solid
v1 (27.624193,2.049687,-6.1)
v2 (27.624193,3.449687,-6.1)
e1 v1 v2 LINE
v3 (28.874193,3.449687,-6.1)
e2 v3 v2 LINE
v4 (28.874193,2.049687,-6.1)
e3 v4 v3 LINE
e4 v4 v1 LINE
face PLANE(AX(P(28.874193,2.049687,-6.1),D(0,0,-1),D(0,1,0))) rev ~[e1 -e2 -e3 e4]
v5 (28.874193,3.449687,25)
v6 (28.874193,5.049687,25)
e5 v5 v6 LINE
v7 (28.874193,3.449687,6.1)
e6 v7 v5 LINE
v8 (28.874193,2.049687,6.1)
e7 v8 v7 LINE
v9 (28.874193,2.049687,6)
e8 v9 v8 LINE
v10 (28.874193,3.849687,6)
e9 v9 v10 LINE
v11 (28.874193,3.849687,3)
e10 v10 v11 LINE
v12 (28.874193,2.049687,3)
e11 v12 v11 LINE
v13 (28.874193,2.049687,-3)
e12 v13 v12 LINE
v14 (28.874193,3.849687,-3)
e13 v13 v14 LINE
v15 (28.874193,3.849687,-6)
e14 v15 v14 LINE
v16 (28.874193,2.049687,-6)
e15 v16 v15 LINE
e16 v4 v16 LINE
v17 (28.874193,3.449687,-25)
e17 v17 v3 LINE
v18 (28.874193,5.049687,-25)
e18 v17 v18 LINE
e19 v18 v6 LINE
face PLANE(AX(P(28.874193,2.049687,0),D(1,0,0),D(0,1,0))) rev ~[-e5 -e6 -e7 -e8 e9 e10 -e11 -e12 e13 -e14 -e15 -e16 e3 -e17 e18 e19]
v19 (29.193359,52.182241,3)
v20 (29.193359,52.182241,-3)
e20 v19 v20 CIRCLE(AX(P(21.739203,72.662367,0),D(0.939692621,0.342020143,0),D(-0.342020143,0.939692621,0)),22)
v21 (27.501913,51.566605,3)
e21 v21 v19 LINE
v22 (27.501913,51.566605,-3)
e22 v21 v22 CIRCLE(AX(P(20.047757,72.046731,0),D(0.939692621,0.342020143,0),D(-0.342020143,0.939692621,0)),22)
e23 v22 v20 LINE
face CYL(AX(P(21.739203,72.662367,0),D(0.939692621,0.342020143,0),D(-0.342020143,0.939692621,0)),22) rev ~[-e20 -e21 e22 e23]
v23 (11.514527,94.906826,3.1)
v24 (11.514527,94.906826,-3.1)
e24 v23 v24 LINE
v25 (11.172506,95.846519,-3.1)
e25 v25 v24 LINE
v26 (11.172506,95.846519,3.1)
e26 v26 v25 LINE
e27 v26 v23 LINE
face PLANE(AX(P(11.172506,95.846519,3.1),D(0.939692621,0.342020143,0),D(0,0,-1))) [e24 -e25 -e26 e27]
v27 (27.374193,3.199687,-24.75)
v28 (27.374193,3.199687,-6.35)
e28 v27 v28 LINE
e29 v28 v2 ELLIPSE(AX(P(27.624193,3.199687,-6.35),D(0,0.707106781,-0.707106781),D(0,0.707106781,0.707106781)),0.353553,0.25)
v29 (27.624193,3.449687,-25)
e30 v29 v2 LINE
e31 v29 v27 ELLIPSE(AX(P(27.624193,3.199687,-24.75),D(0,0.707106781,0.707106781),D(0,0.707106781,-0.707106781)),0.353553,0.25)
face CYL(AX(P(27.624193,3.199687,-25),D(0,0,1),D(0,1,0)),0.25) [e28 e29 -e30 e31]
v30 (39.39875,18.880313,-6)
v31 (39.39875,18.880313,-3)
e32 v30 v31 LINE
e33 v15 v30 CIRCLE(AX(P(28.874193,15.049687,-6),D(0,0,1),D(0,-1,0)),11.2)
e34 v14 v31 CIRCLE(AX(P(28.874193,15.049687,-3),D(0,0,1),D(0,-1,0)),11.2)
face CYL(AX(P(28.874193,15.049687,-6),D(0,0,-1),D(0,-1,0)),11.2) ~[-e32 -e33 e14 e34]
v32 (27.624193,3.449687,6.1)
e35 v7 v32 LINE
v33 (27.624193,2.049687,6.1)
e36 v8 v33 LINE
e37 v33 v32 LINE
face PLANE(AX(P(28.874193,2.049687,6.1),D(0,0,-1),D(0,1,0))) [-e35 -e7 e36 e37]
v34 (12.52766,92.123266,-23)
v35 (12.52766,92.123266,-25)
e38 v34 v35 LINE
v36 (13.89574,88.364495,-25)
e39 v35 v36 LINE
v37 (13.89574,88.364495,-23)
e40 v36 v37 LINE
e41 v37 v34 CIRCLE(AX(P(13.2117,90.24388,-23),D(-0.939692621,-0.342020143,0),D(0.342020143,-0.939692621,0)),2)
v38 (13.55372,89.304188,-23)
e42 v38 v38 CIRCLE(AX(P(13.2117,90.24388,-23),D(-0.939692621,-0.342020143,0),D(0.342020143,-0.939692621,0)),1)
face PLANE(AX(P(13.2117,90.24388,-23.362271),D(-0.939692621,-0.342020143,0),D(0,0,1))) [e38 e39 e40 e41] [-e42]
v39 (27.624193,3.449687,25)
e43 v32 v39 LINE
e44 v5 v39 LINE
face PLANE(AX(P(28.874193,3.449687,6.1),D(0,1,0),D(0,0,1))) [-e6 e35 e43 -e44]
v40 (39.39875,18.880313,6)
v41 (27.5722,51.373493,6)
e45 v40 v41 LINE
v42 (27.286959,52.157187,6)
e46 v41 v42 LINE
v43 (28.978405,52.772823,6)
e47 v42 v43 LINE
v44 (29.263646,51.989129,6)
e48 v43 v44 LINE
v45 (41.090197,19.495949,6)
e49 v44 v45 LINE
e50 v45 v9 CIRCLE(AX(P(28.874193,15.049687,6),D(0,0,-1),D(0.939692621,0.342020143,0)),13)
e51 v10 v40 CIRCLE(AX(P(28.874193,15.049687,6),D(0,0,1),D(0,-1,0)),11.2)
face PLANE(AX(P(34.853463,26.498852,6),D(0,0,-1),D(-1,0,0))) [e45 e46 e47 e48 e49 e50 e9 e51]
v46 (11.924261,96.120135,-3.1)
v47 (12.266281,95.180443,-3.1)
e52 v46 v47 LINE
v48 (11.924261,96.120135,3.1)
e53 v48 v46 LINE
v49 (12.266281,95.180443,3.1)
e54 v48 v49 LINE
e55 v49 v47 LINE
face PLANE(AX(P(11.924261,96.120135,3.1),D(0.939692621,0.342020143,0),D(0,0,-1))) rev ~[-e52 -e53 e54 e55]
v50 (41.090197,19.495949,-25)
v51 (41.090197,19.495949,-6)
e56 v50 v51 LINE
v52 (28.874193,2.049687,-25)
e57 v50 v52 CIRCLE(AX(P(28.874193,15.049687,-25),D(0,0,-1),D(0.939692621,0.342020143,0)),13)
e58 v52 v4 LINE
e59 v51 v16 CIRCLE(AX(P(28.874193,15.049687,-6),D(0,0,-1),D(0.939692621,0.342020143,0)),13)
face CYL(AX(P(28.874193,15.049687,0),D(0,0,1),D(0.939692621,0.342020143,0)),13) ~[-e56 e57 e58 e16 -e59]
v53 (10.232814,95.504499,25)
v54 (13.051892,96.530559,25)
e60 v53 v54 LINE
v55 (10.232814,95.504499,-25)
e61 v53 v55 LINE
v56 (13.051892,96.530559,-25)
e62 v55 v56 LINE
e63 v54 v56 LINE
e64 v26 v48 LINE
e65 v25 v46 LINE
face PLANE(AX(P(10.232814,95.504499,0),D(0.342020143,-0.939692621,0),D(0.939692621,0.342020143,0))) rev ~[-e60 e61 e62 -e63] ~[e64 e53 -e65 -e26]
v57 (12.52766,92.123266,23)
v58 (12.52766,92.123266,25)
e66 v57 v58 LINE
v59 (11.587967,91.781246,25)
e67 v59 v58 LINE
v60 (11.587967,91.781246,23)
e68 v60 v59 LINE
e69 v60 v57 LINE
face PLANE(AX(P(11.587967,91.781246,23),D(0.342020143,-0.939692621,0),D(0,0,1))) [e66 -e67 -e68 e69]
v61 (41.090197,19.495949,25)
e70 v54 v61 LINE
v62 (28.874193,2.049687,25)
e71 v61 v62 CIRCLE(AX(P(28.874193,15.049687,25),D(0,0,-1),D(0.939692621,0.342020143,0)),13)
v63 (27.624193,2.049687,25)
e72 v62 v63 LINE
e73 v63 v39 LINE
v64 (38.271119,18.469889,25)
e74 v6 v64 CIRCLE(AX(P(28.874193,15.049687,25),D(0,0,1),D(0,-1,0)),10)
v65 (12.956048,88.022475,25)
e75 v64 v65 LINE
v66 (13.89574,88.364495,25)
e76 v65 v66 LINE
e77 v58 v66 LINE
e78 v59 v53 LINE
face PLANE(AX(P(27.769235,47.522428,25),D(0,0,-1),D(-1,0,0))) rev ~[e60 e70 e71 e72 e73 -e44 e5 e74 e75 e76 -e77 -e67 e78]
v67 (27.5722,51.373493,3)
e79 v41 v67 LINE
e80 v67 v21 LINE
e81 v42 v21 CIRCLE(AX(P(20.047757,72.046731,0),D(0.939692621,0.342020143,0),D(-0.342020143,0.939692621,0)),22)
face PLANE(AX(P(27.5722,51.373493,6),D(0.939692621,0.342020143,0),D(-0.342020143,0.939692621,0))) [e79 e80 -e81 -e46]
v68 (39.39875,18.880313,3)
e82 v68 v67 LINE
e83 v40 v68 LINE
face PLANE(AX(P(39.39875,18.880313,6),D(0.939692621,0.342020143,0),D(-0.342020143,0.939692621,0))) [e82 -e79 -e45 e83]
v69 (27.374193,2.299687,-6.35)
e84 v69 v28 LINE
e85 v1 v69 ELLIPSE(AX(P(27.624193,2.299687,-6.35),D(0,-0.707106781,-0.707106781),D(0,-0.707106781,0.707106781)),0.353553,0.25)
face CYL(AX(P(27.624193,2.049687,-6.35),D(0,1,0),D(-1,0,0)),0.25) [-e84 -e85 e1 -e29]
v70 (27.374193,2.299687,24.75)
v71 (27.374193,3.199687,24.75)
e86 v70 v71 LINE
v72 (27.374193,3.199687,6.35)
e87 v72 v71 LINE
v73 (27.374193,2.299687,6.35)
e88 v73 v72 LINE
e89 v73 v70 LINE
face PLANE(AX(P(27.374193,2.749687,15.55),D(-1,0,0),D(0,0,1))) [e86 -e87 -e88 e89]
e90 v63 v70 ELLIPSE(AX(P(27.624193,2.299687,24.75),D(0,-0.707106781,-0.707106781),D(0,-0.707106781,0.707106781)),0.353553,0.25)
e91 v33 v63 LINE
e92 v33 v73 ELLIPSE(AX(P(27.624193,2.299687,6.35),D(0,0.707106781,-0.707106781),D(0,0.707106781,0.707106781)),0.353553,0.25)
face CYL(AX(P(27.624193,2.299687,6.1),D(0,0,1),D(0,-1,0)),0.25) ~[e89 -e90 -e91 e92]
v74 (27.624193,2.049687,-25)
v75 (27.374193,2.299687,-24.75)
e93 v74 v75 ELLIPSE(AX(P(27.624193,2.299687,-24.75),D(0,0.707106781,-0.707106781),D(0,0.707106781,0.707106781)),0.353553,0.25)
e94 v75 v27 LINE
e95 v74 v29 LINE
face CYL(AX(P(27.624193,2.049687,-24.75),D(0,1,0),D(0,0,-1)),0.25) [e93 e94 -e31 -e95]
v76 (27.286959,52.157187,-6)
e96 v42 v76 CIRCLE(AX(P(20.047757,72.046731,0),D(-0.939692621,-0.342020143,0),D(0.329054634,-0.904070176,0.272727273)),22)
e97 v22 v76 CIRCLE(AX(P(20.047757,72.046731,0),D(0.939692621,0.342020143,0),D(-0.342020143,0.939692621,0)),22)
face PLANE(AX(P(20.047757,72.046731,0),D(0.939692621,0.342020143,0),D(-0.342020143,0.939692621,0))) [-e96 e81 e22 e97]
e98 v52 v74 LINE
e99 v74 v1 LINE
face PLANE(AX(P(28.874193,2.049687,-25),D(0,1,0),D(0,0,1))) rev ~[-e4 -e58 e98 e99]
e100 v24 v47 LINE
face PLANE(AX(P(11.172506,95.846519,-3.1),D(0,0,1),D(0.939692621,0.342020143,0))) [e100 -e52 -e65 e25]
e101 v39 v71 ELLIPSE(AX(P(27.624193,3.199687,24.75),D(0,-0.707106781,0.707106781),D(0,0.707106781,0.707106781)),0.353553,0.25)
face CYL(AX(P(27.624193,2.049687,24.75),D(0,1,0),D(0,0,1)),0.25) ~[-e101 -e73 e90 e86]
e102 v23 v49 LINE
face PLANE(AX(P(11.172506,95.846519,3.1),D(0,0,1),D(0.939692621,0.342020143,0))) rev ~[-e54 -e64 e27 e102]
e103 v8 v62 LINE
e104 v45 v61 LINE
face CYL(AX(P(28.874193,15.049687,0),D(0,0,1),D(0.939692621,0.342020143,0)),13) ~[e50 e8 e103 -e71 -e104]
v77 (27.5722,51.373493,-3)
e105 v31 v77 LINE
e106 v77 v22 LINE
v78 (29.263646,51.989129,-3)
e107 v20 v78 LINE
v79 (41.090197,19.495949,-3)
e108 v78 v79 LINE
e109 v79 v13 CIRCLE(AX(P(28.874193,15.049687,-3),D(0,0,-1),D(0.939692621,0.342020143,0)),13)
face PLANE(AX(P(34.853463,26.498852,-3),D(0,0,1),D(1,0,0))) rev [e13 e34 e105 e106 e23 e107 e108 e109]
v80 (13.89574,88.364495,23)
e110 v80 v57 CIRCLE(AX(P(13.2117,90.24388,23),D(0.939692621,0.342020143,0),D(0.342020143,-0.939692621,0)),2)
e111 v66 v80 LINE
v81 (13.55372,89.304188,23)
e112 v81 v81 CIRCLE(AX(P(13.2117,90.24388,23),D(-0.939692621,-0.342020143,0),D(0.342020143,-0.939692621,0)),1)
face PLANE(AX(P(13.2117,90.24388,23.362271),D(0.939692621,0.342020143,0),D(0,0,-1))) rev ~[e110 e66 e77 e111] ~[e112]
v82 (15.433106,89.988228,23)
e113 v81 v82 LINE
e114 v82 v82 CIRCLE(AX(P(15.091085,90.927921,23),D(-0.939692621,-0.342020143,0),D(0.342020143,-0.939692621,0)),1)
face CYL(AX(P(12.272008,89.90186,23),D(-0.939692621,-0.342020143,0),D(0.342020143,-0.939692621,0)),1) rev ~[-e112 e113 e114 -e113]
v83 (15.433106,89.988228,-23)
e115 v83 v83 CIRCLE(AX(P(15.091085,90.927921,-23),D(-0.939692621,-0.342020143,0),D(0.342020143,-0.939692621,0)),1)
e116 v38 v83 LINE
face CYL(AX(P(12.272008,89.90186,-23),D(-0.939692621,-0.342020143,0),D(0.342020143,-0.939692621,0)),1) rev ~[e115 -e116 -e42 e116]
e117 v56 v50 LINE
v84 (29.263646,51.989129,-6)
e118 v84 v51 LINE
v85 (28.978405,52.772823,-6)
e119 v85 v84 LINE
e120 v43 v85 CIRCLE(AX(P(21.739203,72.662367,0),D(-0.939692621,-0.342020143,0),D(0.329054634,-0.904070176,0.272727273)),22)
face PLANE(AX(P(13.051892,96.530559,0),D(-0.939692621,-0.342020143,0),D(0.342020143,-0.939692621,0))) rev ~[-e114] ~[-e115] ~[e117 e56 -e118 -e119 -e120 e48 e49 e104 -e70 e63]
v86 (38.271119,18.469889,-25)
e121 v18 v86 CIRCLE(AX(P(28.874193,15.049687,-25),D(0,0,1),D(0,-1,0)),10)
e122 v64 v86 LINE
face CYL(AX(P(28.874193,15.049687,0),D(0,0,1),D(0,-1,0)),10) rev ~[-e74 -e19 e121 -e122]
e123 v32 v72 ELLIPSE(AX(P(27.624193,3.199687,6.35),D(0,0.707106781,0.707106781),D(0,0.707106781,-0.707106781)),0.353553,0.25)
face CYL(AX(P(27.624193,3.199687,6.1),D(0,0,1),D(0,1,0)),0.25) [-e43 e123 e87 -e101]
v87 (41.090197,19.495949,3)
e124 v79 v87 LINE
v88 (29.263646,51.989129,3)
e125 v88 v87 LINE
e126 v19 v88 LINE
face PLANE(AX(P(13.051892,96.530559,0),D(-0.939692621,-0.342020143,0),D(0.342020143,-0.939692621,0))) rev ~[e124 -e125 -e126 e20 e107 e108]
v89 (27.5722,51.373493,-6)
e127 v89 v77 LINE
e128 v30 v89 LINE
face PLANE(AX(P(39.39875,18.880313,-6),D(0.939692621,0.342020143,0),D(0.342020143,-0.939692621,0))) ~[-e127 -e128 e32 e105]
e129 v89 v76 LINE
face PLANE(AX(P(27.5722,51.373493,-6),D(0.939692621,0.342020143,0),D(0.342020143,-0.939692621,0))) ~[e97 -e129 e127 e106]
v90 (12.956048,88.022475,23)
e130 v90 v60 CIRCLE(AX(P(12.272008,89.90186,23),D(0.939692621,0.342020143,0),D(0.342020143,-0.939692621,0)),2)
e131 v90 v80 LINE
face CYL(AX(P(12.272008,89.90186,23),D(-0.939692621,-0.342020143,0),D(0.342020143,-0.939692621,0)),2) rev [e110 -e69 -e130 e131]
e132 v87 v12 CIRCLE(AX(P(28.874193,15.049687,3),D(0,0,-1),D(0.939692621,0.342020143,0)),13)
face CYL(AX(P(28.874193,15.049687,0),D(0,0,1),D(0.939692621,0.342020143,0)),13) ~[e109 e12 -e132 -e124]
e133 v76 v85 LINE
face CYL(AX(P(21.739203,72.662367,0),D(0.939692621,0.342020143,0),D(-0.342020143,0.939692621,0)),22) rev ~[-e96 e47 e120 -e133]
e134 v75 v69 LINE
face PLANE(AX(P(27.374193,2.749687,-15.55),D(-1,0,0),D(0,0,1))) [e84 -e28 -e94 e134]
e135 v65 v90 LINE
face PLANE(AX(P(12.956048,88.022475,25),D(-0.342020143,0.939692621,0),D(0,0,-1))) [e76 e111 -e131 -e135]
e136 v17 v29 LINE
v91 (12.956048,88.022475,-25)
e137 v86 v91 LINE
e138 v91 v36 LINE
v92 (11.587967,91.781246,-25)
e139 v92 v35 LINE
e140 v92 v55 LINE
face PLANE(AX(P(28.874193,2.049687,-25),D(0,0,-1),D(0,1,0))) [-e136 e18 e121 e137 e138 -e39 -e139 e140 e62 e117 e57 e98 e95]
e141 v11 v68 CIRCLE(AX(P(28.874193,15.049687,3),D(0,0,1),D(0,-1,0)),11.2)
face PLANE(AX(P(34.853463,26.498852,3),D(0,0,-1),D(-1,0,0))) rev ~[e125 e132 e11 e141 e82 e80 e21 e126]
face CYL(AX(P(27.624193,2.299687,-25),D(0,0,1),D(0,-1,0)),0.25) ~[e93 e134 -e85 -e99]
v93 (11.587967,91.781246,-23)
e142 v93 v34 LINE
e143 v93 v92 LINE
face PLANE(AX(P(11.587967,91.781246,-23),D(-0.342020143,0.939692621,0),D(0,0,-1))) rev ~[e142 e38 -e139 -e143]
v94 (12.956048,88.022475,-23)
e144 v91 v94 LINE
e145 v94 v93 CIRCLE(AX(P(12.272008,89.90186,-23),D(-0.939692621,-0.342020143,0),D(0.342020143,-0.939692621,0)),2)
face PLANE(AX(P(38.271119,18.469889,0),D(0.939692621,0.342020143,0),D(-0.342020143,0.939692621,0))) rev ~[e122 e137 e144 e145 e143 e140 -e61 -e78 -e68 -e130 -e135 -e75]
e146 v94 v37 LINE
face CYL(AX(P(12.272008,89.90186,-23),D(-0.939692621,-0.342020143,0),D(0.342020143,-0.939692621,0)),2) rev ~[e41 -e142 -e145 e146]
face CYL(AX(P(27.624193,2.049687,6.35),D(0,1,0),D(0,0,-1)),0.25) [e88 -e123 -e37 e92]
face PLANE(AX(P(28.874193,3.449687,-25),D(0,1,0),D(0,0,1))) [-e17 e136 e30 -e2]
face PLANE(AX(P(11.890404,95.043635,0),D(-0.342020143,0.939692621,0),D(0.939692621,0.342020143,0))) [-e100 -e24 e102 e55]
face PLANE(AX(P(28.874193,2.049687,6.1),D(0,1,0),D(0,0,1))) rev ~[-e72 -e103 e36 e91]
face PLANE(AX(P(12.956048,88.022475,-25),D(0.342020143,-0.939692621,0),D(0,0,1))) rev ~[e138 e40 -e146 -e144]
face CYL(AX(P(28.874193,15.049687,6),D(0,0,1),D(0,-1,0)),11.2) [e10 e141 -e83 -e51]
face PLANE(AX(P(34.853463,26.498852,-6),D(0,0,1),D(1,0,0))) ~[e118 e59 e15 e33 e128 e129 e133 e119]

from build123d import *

# Parameters (mm, degrees)
EXTRUDE_1_DEPTH        = 25
SKETCH_4_R             = 22
CUT_EXTRUDE_1_DEPTH    = 1.8
CUT_EXTRUDE_START      = 6
CUT_EXTRUDE_1_2_DEPTH  = 3
SKETCH_11_W            = 18.9
SKETCH_11_H            = 1.4
EXTRUDE_3_DEPTH        = 1.5
FILLET_1_R             = 0.25
SKETCH_12_R            = 1
CUT_EXTRUDE_2623_DEPTH = 91.722501261
CUT_EXTRUDE_1_3_DEPTH  = 1
SKETCH_14_W            = 0.8
SKETCH_14_H            = 6.2
CUT_EXTRUDE_2_DEPTH    = 1


with BuildPart() as part:
    # 草图2 → 整体拉伸-薄壁1 (new, symmetric)
    with BuildSketch(Plane.XY):
        with BuildLine():
            ThreePointArc((28.874192719, 5.049687275), (37.065713162, 9.313922912), (38.271118927, 18.469888708))
            Line((38.271118927, 18.469888708), (10.23281379, 95.504498952))
            Line((10.23281379, 95.504498952), (13.051891653, 96.530559382))
            Line((13.051891653, 96.530559382), (41.090196789, 19.495949138))
            ThreePointArc((41.090196789, 19.495949138), (39.523169295, 7.593193603), (28.874192719, 2.049687275))
            Line((28.874192719, 2.049687275), (28.874192719, 5.049687275))
        make_face()
    extrude(amount=EXTRUDE_1_DEPTH, both=True)

    # 草图4 → Cut-Extrude 1 (cut)
    with BuildSketch(Plane(origin=(42.549434126, 15.486727507, 0), x_dir=(0, 0, -1), z_dir=(0.9396926207859071, 0.3420201433256726, 0))):
        with Locations(Location((0, 60.845044478, 0), (0, 0, 90))):
            Circle(SKETCH_4_R)
    extrude(amount=-CUT_EXTRUDE_1_DEPTH, mode=Mode.SUBTRACT)

    # 草图3 → Cut-Extrude 1 2 (cut)
    with BuildSketch(Plane.XY.offset(CUT_EXTRUDE_START)):
        with BuildLine():
            ThreePointArc((28.874192719, 3.849687275), (38.048695615, 8.625631188), (39.398750072, 18.88031288))
            Line((39.398750072, 18.88031288), (27.572199729, 51.373492899))
            Line((27.572199729, 51.373492899), (26.546139299, 54.192570761))
            Line((26.546139299, 54.192570761), (28.237586016, 54.808207019))
            Line((28.237586016, 54.808207019), (29.263646446, 51.989129157))
            Line((29.263646446, 51.989129157), (41.090196789, 19.495949138))
            ThreePointArc((41.090196789, 19.495949138), (39.523169295, 7.593193603), (28.874192719, 2.049687275))
            Line((28.874192719, 2.049687275), (28.874192719, 3.849687275))
        make_face()
    cut_extrude_1_2 = extrude(amount=-CUT_EXTRUDE_1_2_DEPTH, mode=Mode.SUBTRACT)

    # 镜向1: Cut-Extrude 1 2 across plane
    add(cut_extrude_1_2.mirror(Plane.XY), mode=Mode.SUBTRACT)

    # 草图11 → 底部卡扣凸台-拉伸3 (add)
    with BuildSketch(Plane.ZY.offset(-28.874192719)):
        with Locations((-15.55, 2.749687275)):
            Rectangle(SKETCH_11_W, SKETCH_11_H)
        with Locations((15.55, 2.749687275)):
            Rectangle(SKETCH_11_W, SKETCH_11_H)
    extrude(amount=EXTRUDE_3_DEPTH)

    # 底部卡扣圆角1
    fillet_1_edges = [part.edges().sort_by_distance(p)[0] for p in [
        (27.374192719, 2.749687275, -25),
        (27.374192719, 2.049687275, -15.55),
        (27.374192719, 2.749687275, -6.1),
        (27.374192719, 3.449687275, -15.55),
        (27.374192719, 2.749687275, 6.1),
        (27.374192719, 2.049687275, 15.55),
        (27.374192719, 2.749687275, 25),
        (27.374192719, 3.449687275, 15.55),
    ]]
    fillet(fillet_1_edges, radius=FILLET_1_R)

    # 草图12 → Cut-Extrude 2623 (cut, through all)
    with BuildSketch(Plane(origin=(39.730356264, 14.460667077, 0), x_dir=(0, 0, 1), z_dir=(-0.9396926207859071, -0.3420201433256726, 0))):
        with Locations(Location((23, 80.282840932, 0), (0, 0, 270))):
            Circle(SKETCH_12_R)
        with Locations(Location((-23, 80.282840932, 0), (0, 0, 270))):
            Circle(SKETCH_12_R)
    extrude(amount=-CUT_EXTRUDE_2623_DEPTH, mode=Mode.SUBTRACT)

    # 草图13 → Cut-Extrude 1 3 (cut)
    with BuildSketch(Plane(origin=(39.730356264, 14.460667077, 0), x_dir=(0, 0, 1), z_dir=(-0.9396926207859071, -0.3420201433256726, 0))):
        with BuildLine():
            Line((23, 82.282840932), (25, 82.282840932))
            Line((25, 82.282840932), (25, 78.282840932))
            Line((25, 78.282840932), (23, 78.282840932))
            ThreePointArc((23, 78.282840932), (21, 80.282840932), (23, 82.282840932))
        make_face()
        with BuildLine():
            Line((-25, 82.282840932), (-25, 78.282840932))
            Line((-25, 78.282840932), (-23, 78.282840932))
            ThreePointArc((-23, 78.282840932), (-21, 80.282840932), (-23, 82.282840932))
            Line((-23, 82.282840932), (-25, 82.282840932))
        make_face()
    extrude(amount=-CUT_EXTRUDE_1_3_DEPTH, mode=Mode.SUBTRACT)

    # 草图14 → 切除-拉伸2 (cut)
    with BuildSketch(Plane(origin=(-29.497542473, 81.043831875, 0), x_dir=(0.9396926207859067, 0.3420201433256736, 0), z_dir=(-0.3420201433256736, 0.9396926207859068, 0))):
        with Locations((43.680162028, 0)):
            Rectangle(SKETCH_14_W, SKETCH_14_H)
    extrude(amount=-CUT_EXTRUDE_2_DEPTH, mode=Mode.SUBTRACT)


solid = part.part
